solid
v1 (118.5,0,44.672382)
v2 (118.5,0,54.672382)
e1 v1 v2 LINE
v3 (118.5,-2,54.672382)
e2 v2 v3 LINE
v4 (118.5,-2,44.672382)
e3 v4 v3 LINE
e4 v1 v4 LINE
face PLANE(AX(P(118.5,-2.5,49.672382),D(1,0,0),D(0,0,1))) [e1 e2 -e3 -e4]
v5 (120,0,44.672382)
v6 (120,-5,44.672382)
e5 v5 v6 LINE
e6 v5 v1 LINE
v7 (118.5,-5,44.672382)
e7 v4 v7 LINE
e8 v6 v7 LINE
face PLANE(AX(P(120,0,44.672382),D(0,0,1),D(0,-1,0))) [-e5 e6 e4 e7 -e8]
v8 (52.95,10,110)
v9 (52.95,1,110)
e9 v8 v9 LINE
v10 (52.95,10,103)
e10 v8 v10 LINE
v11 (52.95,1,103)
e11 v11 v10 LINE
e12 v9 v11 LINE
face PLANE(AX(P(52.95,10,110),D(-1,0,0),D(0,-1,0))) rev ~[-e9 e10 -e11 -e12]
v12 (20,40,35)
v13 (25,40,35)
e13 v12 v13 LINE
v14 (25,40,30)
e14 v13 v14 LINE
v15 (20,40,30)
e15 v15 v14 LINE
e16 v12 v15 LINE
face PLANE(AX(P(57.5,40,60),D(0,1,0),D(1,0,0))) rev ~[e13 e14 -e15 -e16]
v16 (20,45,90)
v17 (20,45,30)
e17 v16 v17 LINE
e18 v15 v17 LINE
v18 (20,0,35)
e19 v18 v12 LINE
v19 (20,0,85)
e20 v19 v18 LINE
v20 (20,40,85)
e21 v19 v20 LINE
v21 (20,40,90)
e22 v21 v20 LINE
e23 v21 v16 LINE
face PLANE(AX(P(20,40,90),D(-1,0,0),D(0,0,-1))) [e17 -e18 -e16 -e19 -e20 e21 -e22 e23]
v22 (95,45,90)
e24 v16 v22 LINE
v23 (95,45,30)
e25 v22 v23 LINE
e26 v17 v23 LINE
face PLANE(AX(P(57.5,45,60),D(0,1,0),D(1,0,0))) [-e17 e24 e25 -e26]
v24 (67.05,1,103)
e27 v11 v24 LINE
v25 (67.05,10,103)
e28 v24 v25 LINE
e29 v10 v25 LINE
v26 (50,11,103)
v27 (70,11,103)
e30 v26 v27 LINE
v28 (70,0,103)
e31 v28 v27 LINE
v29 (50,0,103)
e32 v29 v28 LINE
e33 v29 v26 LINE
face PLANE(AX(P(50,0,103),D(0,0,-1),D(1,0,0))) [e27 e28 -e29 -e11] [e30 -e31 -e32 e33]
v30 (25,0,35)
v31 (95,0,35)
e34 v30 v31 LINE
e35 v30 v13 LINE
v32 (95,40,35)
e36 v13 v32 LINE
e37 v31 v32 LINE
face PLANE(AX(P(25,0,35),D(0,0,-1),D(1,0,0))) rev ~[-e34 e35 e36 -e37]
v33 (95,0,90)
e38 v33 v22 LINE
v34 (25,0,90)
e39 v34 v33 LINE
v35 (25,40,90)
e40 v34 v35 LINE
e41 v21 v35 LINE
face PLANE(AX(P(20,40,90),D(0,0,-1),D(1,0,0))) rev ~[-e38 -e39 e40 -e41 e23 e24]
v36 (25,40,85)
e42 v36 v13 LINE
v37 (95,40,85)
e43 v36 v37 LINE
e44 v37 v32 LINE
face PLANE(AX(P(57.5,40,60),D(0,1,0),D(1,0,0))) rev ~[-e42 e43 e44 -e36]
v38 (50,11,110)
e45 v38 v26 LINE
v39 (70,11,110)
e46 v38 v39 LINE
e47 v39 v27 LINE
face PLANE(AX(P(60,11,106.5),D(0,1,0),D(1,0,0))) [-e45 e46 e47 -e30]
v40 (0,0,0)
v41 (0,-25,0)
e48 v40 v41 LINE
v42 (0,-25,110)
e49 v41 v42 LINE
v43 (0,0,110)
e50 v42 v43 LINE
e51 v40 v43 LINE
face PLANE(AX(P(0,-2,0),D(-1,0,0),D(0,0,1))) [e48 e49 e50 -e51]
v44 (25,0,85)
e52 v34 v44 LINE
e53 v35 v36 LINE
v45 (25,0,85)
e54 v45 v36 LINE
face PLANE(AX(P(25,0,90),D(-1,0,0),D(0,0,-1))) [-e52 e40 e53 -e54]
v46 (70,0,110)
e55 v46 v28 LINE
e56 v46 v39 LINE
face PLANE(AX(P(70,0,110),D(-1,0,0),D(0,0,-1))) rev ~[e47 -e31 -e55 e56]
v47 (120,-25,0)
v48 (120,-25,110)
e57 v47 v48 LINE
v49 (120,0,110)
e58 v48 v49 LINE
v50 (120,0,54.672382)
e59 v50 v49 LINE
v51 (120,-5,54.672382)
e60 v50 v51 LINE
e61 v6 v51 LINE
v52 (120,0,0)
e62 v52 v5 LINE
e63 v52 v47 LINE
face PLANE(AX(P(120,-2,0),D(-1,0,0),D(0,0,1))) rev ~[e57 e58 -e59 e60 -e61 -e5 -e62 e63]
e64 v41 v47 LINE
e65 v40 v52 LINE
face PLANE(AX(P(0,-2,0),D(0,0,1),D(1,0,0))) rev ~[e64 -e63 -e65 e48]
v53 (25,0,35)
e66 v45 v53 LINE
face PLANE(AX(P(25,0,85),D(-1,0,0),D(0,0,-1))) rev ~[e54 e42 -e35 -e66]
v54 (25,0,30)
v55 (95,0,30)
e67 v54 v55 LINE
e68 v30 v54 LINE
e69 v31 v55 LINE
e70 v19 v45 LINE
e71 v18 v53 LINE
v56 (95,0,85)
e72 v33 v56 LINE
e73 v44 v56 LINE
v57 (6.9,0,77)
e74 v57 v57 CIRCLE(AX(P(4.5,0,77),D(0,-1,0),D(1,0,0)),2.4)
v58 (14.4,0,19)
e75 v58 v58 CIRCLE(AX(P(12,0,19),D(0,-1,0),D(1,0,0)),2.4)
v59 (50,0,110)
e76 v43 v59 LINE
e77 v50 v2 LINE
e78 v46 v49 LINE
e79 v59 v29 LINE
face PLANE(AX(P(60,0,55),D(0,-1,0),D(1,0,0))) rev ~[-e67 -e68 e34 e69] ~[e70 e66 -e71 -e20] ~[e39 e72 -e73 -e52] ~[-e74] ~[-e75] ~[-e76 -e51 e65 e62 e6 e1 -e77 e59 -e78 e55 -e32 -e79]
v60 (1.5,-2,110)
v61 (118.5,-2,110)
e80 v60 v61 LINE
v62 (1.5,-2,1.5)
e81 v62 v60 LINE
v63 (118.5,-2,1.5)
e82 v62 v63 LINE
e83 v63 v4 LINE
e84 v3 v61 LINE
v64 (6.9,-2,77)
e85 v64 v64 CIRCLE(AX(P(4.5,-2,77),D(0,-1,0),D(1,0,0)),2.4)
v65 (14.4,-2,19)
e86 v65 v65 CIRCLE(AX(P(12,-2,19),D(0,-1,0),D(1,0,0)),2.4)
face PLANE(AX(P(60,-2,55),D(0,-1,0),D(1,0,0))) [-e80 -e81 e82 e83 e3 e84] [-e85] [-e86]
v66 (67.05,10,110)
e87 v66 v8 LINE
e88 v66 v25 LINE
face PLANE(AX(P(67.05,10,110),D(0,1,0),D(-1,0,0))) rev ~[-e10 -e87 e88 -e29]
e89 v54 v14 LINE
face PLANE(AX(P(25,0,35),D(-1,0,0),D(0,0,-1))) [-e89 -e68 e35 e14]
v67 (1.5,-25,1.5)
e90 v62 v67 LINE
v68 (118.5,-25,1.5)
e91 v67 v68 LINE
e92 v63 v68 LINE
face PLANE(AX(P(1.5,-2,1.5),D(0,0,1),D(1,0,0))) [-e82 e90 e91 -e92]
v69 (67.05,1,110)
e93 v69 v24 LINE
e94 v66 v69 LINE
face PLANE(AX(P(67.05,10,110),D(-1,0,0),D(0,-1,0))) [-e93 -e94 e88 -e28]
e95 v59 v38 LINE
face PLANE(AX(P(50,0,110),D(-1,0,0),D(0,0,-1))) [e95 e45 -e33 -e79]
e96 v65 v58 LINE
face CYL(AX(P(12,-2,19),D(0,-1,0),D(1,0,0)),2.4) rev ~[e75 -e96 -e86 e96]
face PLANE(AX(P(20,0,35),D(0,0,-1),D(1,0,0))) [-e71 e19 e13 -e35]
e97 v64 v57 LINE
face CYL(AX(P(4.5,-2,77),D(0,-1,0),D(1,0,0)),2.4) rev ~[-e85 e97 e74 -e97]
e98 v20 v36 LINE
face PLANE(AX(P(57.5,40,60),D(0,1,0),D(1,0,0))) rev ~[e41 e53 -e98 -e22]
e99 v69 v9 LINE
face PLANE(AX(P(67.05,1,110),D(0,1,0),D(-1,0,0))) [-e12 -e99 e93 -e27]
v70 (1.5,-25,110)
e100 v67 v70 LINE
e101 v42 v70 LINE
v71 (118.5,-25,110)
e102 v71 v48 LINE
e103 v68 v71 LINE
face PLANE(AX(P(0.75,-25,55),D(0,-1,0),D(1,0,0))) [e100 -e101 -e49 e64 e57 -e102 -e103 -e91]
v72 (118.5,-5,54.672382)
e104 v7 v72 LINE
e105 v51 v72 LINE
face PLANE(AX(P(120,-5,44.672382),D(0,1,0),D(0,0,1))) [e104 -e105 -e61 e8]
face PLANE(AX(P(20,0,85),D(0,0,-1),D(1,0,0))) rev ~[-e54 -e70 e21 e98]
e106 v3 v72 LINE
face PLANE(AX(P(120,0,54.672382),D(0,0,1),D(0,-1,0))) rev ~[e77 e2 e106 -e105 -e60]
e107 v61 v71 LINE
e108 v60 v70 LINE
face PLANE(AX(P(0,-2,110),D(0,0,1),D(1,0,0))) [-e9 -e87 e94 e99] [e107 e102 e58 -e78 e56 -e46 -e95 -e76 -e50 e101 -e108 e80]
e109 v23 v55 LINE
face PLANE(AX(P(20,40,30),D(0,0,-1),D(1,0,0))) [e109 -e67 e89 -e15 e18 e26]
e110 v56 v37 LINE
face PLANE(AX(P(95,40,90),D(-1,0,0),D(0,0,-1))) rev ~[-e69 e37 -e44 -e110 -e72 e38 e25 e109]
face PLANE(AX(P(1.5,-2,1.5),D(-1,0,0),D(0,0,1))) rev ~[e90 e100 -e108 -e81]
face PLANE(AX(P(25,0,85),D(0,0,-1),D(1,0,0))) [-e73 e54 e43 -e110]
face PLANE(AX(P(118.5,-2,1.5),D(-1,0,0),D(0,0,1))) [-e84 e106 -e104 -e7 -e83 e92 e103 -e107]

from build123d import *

# Parameters (mm, degrees)
SKETCH_W        = 120
SKETCH_H        = 110
PAD_DEPTH       = 2
SKETCH001_R     = 2.4
POCKET_DEPTH    = 5
SKETCH002_W     = 1.5
SKETCH002_H     = 110
SKETCH002_W_2   = 118.5
SKETCH002_H_2   = 1.5
SKETCH002_H_3   = 108.5
PAD001_DEPTH    = 23
SKETCH003_W     = 10
SKETCH003_H     = 5
POCKET001_DEPTH = 1.5
SKETCH004_W     = 70
SKETCH004_H     = 5
SKETCH004_W_2   = 5
SKETCH004_H_2   = 50
PAD002_DEPTH    = 40
SKETCH005_W     = 75
SKETCH005_H     = 60
PAD003_DEPTH    = 5
SKETCH006_W     = 20
SKETCH006_H     = 7
PAD004_DEPTH    = 11
SKETCH007_W     = 14.1
SKETCH007_H     = 9
POCKET002_DEPTH = 10


with BuildPart() as part:
    # Sketch → Pad (new body)
    with BuildSketch(Plane.XZ):
        with Locations((60, 55)):
            Rectangle(SKETCH_W, SKETCH_H)
    extrude(amount=PAD_DEPTH)

    # Sketch001 (on Face6 of Pad) → Pocket (cut)
    with BuildSketch(Plane.XZ.offset(2)):
        with Locations((12, 19)):
            Circle(SKETCH001_R)
        with Locations((4.5, 77)):
            Circle(SKETCH001_R)
    extrude(amount=-POCKET_DEPTH, mode=Mode.SUBTRACT)

    # Sketch002 (on Face5 of Pocket) → Pad001 (join)
    with BuildSketch(Plane.XZ.offset(2)):
        with Locations((0.75, 55)):
            Rectangle(SKETCH002_W, SKETCH002_H)
        with Locations((60.75, 0.75)):
            Rectangle(SKETCH002_W_2, SKETCH002_H_2)
        with Locations((119.25, 55.75)):
            Rectangle(SKETCH002_W, SKETCH002_H_3)
    extrude(amount=PAD001_DEPTH)

    # Sketch003 (on Face11 of Pad001) → Pocket001 (cut)
    with BuildSketch(Plane(origin=(120, 0, 0), x_dir=(0, 0, 1), z_dir=(1, 0, 0))):
        with Locations((49.672382, 2.5)):
            Rectangle(SKETCH003_W, SKETCH003_H)
    extrude(amount=-POCKET001_DEPTH, mode=Mode.SUBTRACT)

    # Sketch004 (on Face1 of Pocket001) → Pad002 (join)
    with BuildSketch(Plane(origin=(0, 0, 0), x_dir=(1, 0, 0), z_dir=(0, 1, 0))):
        with Locations((60, -32.5)):
            Rectangle(SKETCH004_W, SKETCH004_H)
        with Locations((22.5, -60)):
            Rectangle(SKETCH004_W_2, SKETCH004_H_2)
        with Locations((60, -87.5)):
            Rectangle(SKETCH004_W, SKETCH004_H)
    extrude(amount=PAD002_DEPTH)

    # Sketch005 (on Face30 of Pad002) → Pad003 (join)
    with BuildSketch(Plane(origin=(0, 40, 0), x_dir=(1, 0, 0), z_dir=(0, 1, 0))):
        with Locations((57.5, -60)):
            Rectangle(SKETCH005_W, SKETCH005_H)
    extrude(amount=PAD003_DEPTH)

    # Sketch006 (on Face1 of Pad003) → Pad004 (join)
    with BuildSketch(Plane(origin=(0, 0, 0), x_dir=(1, 0, 0), z_dir=(0, 1, 0))):
        with Locations((60, -106.5)):
            Rectangle(SKETCH006_W, SKETCH006_H)
    extrude(amount=PAD004_DEPTH)

    # Sketch007 (on Face35 of Pad004) → Pocket002 (cut)
    with BuildSketch(Plane(origin=(0, 0, 110), x_dir=(-1, 0, 0), z_dir=(0, 0, 1))):
        with Locations((-60, -5.5)):
            Rectangle(SKETCH007_W, SKETCH007_H)
    extrude(amount=-POCKET002_DEPTH, mode=Mode.SUBTRACT)


solid = part.part
